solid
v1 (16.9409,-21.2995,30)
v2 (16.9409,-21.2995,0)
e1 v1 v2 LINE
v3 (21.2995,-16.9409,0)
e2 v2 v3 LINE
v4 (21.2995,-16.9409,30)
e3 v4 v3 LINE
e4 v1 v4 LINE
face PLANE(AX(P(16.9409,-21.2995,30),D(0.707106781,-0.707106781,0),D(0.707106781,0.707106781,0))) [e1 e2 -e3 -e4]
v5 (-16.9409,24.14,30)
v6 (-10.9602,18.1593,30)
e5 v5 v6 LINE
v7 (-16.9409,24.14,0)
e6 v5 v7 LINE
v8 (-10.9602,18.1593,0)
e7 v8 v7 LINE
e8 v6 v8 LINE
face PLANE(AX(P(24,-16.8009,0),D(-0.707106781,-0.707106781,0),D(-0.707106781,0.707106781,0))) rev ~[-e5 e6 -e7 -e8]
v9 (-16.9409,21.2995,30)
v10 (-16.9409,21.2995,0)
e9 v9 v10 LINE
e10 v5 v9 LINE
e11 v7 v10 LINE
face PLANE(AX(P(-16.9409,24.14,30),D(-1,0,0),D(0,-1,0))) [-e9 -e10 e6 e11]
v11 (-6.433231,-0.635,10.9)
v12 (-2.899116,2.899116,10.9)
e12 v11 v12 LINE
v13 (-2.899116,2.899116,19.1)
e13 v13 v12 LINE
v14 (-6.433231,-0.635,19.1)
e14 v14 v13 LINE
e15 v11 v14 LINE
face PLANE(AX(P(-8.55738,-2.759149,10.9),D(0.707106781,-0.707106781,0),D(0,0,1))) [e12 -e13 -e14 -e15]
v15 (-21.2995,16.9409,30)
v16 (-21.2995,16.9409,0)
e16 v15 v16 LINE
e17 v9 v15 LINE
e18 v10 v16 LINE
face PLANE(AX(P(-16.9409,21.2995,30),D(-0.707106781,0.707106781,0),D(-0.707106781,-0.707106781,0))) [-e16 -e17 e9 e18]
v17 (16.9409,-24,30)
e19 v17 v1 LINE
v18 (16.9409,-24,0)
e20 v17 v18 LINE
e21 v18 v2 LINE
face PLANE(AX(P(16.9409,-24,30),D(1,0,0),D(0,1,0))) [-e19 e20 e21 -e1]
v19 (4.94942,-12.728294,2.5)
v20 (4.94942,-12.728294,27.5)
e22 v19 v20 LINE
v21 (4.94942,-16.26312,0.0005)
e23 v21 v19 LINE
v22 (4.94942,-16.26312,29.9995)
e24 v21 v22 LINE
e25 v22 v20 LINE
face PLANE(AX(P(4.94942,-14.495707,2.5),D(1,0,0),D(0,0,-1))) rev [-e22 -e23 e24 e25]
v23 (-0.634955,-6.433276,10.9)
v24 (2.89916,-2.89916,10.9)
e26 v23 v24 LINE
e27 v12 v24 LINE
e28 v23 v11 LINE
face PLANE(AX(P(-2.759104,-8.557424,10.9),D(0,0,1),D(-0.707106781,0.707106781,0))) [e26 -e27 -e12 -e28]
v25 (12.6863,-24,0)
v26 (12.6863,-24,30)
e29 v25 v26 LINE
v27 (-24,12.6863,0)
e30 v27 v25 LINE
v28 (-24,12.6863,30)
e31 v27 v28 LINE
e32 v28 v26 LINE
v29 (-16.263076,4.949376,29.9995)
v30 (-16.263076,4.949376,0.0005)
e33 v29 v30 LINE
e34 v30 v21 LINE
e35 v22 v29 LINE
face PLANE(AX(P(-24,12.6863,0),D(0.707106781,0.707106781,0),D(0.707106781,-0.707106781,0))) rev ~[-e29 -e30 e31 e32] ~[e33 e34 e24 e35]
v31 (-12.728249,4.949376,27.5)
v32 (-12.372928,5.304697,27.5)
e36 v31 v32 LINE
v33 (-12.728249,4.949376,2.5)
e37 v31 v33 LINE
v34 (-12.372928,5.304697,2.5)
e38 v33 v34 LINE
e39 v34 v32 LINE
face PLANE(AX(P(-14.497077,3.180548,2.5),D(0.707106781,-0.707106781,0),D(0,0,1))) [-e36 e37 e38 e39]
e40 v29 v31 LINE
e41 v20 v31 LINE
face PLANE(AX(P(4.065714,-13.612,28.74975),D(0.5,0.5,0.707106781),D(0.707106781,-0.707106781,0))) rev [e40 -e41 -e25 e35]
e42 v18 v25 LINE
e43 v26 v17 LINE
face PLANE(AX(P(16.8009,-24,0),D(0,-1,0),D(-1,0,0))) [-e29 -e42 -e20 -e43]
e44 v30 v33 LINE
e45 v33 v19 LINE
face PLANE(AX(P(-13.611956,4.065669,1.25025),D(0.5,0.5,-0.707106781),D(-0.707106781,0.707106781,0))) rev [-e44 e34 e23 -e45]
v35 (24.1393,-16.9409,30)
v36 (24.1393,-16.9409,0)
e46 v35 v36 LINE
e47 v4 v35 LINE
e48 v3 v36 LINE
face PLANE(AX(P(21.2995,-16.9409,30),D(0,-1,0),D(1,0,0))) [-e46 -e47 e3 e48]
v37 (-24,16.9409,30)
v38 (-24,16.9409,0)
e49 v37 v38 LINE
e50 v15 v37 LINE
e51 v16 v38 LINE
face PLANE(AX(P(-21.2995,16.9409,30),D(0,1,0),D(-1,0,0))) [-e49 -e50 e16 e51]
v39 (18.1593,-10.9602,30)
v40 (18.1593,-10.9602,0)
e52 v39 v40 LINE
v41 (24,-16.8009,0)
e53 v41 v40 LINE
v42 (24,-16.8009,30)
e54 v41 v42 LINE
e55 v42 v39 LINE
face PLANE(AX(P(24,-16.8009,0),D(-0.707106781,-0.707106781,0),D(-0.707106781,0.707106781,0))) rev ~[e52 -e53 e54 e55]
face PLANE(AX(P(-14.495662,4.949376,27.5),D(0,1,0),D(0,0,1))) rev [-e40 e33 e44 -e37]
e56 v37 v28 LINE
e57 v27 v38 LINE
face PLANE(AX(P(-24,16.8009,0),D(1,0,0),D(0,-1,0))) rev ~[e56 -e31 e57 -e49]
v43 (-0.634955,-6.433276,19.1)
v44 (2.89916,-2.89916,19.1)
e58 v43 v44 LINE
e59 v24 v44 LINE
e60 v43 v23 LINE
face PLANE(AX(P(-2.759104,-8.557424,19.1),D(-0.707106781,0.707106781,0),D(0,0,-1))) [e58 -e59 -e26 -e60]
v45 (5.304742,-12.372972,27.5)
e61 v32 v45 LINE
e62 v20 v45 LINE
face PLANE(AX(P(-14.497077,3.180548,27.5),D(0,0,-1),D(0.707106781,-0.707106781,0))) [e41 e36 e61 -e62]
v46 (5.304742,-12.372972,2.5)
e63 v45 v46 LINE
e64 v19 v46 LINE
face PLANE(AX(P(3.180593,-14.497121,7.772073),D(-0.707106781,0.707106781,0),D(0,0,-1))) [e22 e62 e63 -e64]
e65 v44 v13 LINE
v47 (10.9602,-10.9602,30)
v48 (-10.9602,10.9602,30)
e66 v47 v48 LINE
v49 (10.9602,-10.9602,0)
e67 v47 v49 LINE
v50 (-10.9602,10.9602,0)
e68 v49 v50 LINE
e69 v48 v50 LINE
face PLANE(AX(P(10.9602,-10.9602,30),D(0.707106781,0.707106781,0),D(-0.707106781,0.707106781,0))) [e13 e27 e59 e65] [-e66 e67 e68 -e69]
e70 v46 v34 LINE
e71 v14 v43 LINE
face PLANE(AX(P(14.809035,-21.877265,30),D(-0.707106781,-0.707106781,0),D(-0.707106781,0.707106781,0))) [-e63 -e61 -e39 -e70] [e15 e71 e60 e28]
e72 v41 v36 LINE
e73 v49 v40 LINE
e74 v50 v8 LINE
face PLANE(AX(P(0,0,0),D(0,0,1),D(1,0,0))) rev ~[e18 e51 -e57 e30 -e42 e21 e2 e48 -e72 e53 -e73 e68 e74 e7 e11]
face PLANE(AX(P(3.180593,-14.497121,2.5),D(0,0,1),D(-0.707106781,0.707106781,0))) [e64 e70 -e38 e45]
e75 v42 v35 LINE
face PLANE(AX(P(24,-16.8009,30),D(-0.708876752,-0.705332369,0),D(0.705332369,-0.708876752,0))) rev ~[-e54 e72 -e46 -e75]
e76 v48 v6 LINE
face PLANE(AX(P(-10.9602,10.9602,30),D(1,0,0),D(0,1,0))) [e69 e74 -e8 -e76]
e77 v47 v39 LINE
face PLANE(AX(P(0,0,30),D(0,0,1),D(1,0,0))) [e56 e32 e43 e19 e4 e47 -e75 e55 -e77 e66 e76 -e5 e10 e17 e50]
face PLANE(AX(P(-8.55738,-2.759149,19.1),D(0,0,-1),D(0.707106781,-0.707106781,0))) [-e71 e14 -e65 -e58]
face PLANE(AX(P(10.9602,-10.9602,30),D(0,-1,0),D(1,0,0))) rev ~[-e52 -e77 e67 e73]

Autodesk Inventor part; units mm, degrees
ref_plane "YZ Plane" through (0, 0, 0) normal (1, 0, 0) x (0, 1, 0)
ref_plane "XZ Plane" through (0, 0, 0) normal (0, 1, 0) x (-1, 0, 0)
ref_plane "XY Plane" through (0, 0, 0) normal (0, 0, 1) x (1, 0, 0)
sketch "Sketch1" plane through (0, 0, 0) normal (0, 0, 1) x (1, 0, 0)
  line L0 (-16.8009, 21.2415) -> (21.2415, -16.8009)
  line L1 (21.2415, -16.8009) -> (16.8009, -21.2415)
  line L2 (16.8009, -21.2415) -> (-21.2415, 16.8009)
  line L3 (-21.2415, 16.8009) -> (-16.8009, 21.2415)
  line L4 (-16.8009, 21.2415) -> (16.8009, -21.2415) construction
  line L5 (21.2415, -16.8009) -> (-21.2415, 16.8009) construction
  line L6 (-16.8009, 21.2415) -> (36.9991, 21.2415) construction
  line L7 (-21.2415, 16.8009) -> (-24, 16.8009)
  line L8 (16.8009, -21.2415) -> (16.8009, -24)
  line L9 (16.8009, -24) -> (-24, 16.8009)
  line L10 (-16.8009, 21.2415) -> (-16.8009, 24)
  line L11 (21.2415, -16.8009) -> (24, -16.8009)
  line L12 (24, -16.8009) -> (-16.8009, 24)
  line L13 (-24, 16.8009) -> (-24, 12.6863)
  line L14 (16.8009, -24) -> (12.6863, -24)
  line L15 (-24, 12.6863) -> (12.6863, -24)
  line L16 (-24, 16.8009) -> (-11.8721, 28.9288) construction
  line L17 (-24, 16.8009) -> (-6.8486, 16.8009) construction
  point P0 (0, 0)
  dimension "d0" = 53.8
  dimension "d1" = 45
  dimension "d2" = 6.28
  dimension "d5" = 8
  dimension "d72" = 24
  dimension "d73" = 45
extrude "Extrusion1" add sketch "Sketch1" along normal blind 30
ref_plane "Work Plane1" through (16.9, -16.9, -8) normal (-0.7071, -0.7071, 0) x (0, 0, 1)
sketch "Sketch7" plane through (0, 0, 30) normal (0, 0, 1) x (1, 0, 0)
  line L0 (21.2415, -16.8009) -> (24, -16.8009) projected
  line L1 (24, -16.8009) -> (-16.8009, 24) projected
  line L2 (-16.8009, 24) -> (-16.8009, 21.2415) projected
  line L3 (-16.8009, 21.2415) -> (-21.2415, 16.8009) projected
  line L4 (-21.2415, 16.8009) -> (-24, 16.8009) projected
  line L5 (-24, 16.8009) -> (-24, 12.6863) projected
  line L6 (-24, 12.6863) -> (12.6863, -24) projected
  line L7 (12.6863, -24) -> (16.8009, -24) projected
  line L8 (16.8009, -24) -> (16.8009, -21.2415) projected
  line L9 (16.8009, -21.2415) -> (21.2415, -16.8009) projected
  line L10 (3.5996, 3.5996) -> (-5.6569, -5.6569)
  line L11 (-24, 12.6863) -> (12.6863, -24) projected
  line L12 (18.1593, -3.761) -> (10.9602, -10.9602)
  line L13 (10.9602, -10.9602) -> (-10.9602, 10.9602)
  line L14 (-10.9602, 10.9602) -> (-3.761, 18.1593)
  line L15 (-3.761, 18.1593) -> (18.1593, -3.761)
  line L16 (18.1593, -3.761) -> (-10.9602, 10.9602) construction
  line L17 (10.9602, -10.9602) -> (-3.761, 18.1593) construction
  line L18 (-10.9602, 10.9602) -> (-10.9602, 18.1593)
  line L19 (24, -16.8009) -> (-16.8009, 24) projected
  line L20 (10.9602, -10.9602) -> (18.1593, -10.9602)
  point P0 (0, 0)
  dimension "d28" = 31
  dimension "d29" = 0
  dimension "d74" = 0
extrude "Extrusion7" cut sketch "Sketch7" against normal through all contours L20 L12 L1 | L12 L13 L10 L1 | L1 L14 L15 L12 | L10 L13 L14 L1 | L14 L18 L1
sketch "Sketch13" plane through (0, 0, 30) normal (0, 0, 1) x (1, 0, 0)
  line L0 (-10.9602, 18.1593) -> (-16.8009, 24) construction
  line L1 (-16.8009, 24) -> (-16.8009, 21.2415) projected
  line L2 (-16.8009, 21.2415) -> (-21.2415, 16.8009) projected
  line L3 (-21.2415, 16.8009) -> (-24, 16.8009) projected
  line L4 (-24, 16.8009) -> (-24, 12.6863) construction
  line L5 (-24, 12.6863) -> (12.6863, -24) construction
  line L6 (12.6863, -24) -> (16.8009, -24) construction
  line L7 (16.8009, -24) -> (16.8009, -21.2415) projected
  line L8 (16.8009, -21.2415) -> (21.2415, -16.8009) projected
  line L9 (21.2415, -16.8009) -> (24, -16.8009) projected
  line L10 (24.1, -24.6971) -> (24.1, -16.7029) construction
  line L11 (24.1, -16.7029) -> (-16.9409, 24.338) construction
  line L12 (-16.9409, 24.338) -> (-16.9409, 21.2995)
  line L13 (-16.9409, 21.2995) -> (-21.2995, 16.9409)
  line L14 (-21.2995, 16.9409) -> (-24.14, 16.9409)
  line L15 (-24.14, 16.9409) -> (-24.14, 12.6283) construction
  line L16 (-24.14, 12.6283) -> (12.6283, -24.14) construction
  line L17 (12.6283, -24.14) -> (16.9409, -24.14) construction
  line L18 (16.9409, -24.14) -> (16.9409, -21.2995)
  line L19 (16.9409, -21.2995) -> (21.2995, -16.9409)
  line L20 (21.2995, -16.9409) -> (24.2814, -16.9409)
  line L21 (24.2814, -16.9409) -> (53.8994, -46.5588) construction
  line L22 (53.8994, -46.5588) -> (45.9617, -46.5588) construction
  line L23 (45.9617, -46.5588) -> (24.1, -24.6971) construction
  line L24 (16.8009, -24) -> (16.9409, -24)
  line L25 (24, -16.8009) -> (24.1393, -16.9409)
  line L26 (-21.2415, 16.8009) -> (-22.9, 16.8009) projected
  line L27 (18.1593, -10.9602) -> (10.9602, -10.9602) projected
  line L28 (10.9602, -10.9602) -> (-10.9602, 10.9602) projected
  line L29 (-10.9602, 10.9602) -> (-10.9602, 18.1593) projected
  line L30 (24, -16.8009) -> (18.1593, -10.9602) projected
  line L31 (-24, 12.6863) -> (-24, 16.8009) projected
  line L32 (-24, 16.8009) -> (-24, 16.9409)
  line L33 (-16.8009, 24) -> (-16.9409, 24.14)
  point P0 (0, 0)
  point P1 (-22.9, 16.9409)
  dimension "d93" = 0.14
extrude "IM_offset" add sketch "Sketch13" against normal up to surface (30 mm away)
sketch "Skizze14" plane through (12.6863, -24, 30) normal (-0.7071, -0.7071, 0) x (-0.7071, 0.7071, 0)
  line L0 (21.8411, 19.1) -> (30.0411, 19.1)
  line L1 (30.0411, 19.1) -> (30.0411, 10.9)
  line L2 (30.0411, 10.9) -> (21.8411, 10.9)
  line L3 (21.8411, 10.9) -> (21.8411, 19.1)
  line L4 (21.8411, 19.1) -> (30.0411, 10.9) construction
  line L5 (30.0411, 19.1) -> (21.8411, 10.9) construction
  line L6 (0, 30) -> (0, 0) construction
  line L7 (51.8823, 30) -> (51.8823, 0) construction
  line L8 (0, 30) -> (51.8823, 0) construction
  line L9 (51.8823, 0) -> (51.8823, 30) construction
  line L10 (51.8823, 30) -> (0, 0) construction
  line L11 (-2.9094, 0) -> (5.3506, 0) construction
  point P0 (25.9411, 30)
  point P1 (25.9411, 15)
  dimension "d94" = 8.2
  dimension "d95" = 8.2
extrude "Extrusion11" cut sketch "Skizze14" against normal blind 10
sketch "Skizze15" plane through (12.6863, -24, 30) normal (-0.7071, -0.7071, 0) x (-0.7071, 0.7071, 0)
  line L0 (30.0411, 19.1) -> (30.0411, 10.9) projected
  line L1 (30.0411, 10.9) -> (21.8411, 10.9) projected
  line L2 (21.8411, 10.9) -> (21.8411, 19.1) projected
  line L3 (21.8411, 19.1) -> (30.0411, 19.1) projected
  line L4 (0, 30) -> (51.8823, 30) projected
  line L5 (0, 30) -> (0, 0) projected
  line L6 (51.8823, 0) -> (0, 0) projected
  line L7 (51.8823, 30) -> (51.8823, 0) projected
  line L8 (51.8823, 30) -> (51.8823, 0) projected
  line L9 (0, 30) -> (0, 0) projected
  line L10 (51.8823, 30) -> (0, 0)
  line L11 (0, 0) -> (0, 30)
  line L12 (-2.9094, 30) -> (5.3506, 30) projected
  line L13 (51.8823, 0) -> (0, 30)
  line L14 (38.4411, 2.5) -> (13.4411, 2.5)
  line L15 (13.4411, 2.5) -> (13.4411, 27.5)
  line L16 (13.4411, 27.5) -> (38.4411, 27.5)
  line L17 (38.4411, 27.5) -> (38.4411, 2.5)
  line L18 (38.4411, 2.5) -> (13.4411, 27.5) construction
  line L19 (13.4411, 2.5) -> (38.4411, 27.5) construction
  point P0 (25.9411, 30)
  point P1 (25.9411, 15)
  dimension "d98" = 25
  dimension "d99" = 25
extrude "Extrusion12" cut sketch "Skizze15" against normal blind 3 contours L3 L2 L13 L15 L16 L17 L10 L0 | L10 L17 L13 L0 | L13 L17 L14 L15 L10 L2 L1 L0 | L2 L10 L15 L13
chamfer "Fase1" distance 2.5 angle 45 4 edges at (3.182, -14.4957, 15) (-5.6569, -5.6569, 27.5) (-14.4957, 3.182, 15) (-5.6569, -5.6569, 2.5)
equation "\"d3\" = MirrorThickness1"
equation "\"MirrorThickness1\" = 30"
properties part number "20_Cube_Insert_Mirror_Holder_wLogo_v3"
